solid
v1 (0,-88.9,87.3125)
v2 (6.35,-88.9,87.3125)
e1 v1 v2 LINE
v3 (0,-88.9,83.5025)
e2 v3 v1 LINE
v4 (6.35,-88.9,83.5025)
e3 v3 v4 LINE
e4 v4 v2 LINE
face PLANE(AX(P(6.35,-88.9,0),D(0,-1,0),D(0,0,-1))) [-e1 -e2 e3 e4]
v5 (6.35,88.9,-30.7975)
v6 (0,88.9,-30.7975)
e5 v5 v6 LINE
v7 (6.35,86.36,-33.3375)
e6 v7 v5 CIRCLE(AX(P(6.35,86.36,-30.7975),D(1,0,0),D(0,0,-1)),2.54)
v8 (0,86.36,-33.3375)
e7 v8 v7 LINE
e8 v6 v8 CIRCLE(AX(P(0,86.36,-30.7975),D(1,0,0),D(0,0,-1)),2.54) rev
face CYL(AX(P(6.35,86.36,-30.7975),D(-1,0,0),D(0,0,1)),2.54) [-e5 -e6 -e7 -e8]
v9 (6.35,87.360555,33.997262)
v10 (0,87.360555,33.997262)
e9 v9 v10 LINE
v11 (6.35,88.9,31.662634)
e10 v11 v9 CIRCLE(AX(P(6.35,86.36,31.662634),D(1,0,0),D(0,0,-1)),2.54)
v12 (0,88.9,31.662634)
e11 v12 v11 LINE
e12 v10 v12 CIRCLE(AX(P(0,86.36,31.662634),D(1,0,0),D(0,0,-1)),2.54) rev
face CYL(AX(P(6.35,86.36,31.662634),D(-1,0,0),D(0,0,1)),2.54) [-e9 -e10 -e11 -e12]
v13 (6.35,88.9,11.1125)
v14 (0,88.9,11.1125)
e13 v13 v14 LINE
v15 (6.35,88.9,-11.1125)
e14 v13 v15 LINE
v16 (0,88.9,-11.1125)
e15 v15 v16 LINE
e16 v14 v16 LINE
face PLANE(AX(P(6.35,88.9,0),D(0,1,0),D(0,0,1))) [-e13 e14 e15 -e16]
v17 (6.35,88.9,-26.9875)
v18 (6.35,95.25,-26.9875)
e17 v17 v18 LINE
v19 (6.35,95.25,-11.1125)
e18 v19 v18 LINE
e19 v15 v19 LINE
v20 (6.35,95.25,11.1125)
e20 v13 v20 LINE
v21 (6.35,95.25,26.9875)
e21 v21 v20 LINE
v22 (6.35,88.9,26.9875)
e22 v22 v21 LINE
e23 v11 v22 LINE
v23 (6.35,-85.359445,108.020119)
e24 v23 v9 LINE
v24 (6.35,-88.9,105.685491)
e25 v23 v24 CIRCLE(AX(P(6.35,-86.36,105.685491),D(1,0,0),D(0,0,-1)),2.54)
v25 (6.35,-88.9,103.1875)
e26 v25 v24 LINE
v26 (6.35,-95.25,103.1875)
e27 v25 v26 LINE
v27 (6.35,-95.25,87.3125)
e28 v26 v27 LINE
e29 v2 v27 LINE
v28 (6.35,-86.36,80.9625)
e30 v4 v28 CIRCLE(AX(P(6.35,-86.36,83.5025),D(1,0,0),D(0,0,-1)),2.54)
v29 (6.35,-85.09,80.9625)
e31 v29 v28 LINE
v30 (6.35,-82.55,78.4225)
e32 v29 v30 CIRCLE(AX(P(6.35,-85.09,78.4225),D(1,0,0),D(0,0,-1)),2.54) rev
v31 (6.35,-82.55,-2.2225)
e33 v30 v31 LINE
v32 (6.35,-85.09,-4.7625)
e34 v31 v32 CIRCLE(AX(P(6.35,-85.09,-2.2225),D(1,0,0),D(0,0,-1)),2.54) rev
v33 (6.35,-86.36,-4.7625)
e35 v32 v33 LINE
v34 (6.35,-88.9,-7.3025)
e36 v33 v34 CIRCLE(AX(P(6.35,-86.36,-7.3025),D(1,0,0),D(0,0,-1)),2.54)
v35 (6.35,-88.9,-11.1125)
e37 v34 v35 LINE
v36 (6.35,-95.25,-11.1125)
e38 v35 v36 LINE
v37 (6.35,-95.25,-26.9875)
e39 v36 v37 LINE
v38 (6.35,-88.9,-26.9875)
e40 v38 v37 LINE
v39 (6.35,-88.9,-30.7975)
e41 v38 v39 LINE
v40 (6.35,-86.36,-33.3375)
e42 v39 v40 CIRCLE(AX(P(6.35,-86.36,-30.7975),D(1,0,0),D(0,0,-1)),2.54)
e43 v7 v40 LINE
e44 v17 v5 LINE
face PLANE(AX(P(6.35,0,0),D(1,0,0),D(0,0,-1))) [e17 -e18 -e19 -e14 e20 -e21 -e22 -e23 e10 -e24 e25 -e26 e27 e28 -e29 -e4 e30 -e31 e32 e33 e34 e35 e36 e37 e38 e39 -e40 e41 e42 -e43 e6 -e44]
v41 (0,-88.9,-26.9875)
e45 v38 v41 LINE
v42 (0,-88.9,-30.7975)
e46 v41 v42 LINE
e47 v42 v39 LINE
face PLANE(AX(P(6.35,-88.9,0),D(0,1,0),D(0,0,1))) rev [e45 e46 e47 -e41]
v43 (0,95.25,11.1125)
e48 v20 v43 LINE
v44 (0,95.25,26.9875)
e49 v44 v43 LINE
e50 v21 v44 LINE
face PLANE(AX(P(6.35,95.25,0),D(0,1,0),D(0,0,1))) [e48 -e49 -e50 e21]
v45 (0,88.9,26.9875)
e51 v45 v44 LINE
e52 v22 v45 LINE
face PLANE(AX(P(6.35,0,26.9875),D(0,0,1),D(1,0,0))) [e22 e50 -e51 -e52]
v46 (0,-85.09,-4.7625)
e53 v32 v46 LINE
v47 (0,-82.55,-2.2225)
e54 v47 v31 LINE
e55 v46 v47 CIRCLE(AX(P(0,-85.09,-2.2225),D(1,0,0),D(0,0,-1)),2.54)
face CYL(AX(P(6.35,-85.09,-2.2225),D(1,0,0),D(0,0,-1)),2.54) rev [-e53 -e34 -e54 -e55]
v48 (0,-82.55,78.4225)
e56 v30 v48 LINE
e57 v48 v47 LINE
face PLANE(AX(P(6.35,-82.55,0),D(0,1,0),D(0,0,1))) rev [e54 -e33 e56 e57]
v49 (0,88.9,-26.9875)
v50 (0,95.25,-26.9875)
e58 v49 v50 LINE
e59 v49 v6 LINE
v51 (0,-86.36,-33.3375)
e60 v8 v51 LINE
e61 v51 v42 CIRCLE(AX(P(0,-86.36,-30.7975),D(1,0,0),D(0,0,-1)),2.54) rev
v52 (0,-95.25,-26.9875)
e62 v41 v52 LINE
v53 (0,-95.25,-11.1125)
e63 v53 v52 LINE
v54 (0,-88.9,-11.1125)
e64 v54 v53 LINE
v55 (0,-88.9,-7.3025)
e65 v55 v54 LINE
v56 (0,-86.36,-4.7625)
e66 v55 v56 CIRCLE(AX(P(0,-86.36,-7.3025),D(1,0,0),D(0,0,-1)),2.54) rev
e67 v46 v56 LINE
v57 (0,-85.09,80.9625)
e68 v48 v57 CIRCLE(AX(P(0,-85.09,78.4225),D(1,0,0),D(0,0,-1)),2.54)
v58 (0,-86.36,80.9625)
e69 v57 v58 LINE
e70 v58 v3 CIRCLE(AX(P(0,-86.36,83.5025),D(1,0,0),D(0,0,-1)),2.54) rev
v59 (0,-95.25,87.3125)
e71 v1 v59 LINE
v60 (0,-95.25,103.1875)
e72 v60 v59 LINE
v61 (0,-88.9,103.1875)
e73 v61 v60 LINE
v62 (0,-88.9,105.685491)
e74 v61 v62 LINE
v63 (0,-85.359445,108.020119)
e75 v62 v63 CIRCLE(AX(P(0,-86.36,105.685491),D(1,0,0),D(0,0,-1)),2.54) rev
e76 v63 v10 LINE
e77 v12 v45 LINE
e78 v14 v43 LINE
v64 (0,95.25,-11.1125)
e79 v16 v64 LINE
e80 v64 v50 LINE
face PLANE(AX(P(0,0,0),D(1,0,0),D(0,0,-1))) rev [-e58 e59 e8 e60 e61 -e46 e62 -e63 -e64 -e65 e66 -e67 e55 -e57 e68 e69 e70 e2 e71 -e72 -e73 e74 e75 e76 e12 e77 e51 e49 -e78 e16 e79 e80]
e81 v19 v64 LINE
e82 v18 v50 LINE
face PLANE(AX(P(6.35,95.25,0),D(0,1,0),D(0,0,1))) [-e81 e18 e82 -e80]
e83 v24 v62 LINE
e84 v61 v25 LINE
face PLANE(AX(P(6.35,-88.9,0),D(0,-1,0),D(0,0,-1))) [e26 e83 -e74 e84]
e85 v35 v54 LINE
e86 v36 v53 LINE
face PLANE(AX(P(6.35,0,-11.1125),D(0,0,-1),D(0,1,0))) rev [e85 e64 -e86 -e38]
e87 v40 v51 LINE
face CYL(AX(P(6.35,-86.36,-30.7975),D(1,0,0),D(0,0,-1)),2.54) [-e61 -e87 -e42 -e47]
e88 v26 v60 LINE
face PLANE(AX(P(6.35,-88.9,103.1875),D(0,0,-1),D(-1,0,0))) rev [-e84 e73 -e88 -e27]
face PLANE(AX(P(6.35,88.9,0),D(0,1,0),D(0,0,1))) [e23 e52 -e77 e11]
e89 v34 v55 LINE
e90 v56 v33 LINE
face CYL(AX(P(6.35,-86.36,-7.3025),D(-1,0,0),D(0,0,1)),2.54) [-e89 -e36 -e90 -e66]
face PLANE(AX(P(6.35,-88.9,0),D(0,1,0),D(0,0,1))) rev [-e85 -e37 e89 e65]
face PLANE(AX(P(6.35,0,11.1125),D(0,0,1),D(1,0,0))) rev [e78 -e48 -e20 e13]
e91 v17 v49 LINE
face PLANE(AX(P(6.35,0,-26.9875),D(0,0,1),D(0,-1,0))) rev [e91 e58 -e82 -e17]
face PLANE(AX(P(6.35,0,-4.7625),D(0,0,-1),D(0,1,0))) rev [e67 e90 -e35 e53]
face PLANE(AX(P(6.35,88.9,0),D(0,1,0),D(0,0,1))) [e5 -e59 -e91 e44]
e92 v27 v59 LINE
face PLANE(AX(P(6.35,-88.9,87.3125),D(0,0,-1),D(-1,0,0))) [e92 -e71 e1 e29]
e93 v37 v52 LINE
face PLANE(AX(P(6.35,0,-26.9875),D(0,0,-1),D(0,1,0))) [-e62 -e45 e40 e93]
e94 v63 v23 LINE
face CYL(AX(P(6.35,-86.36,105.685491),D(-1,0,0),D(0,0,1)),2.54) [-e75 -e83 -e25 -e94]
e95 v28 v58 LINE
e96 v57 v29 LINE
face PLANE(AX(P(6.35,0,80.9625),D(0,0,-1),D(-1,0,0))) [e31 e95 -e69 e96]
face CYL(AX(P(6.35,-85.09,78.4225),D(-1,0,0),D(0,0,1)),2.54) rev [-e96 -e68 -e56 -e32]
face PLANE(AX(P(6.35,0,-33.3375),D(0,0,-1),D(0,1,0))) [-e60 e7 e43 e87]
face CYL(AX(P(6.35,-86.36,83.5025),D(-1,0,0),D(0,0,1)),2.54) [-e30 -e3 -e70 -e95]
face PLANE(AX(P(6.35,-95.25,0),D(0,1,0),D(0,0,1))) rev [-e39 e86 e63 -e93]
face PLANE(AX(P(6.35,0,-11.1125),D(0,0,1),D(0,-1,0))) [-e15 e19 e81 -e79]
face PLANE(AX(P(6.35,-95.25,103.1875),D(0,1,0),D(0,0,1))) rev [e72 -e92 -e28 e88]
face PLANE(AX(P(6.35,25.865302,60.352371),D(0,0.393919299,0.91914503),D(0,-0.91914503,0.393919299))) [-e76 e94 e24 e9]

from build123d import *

# Parameters (mm, degrees)
SKETCH1_W           = 15.875
SKETCH1_H           = 6.35
BOSS_EXTRUDE1_DEPTH = 6.35
FILLET1_R           = 2.54


with BuildPart() as part:
    # Sketch1 → Boss-Extrude1 (new body)
    with BuildSketch(Plane(origin=(0, 0, 0), x_dir=(0, 0, -1), z_dir=(1, 0, 0))):
        Polygon((-26.9875, 88.9), (-33.3375, 88.9), (-109.5375, -88.9), (-103.1875, -88.9), (-87.3125, -88.9), (-80.9625, -88.9), (-80.9625, -82.55), (4.7625, -82.55), (4.7625, -88.9), (11.1125, -88.9), (26.9875, -88.9), (33.3375, -88.9), (33.3375, 88.9), (26.9875, 88.9), (11.1125, 88.9), (-11.1125, 88.9), align=None)
        with Locations((19.05, -92.075)):
            Rectangle(SKETCH1_W, SKETCH1_H)
        with Locations((-19.05, 92.075)):
            Rectangle(SKETCH1_W, SKETCH1_H)
        with Locations((19.05, 92.075)):
            Rectangle(SKETCH1_W, SKETCH1_H)
        with Locations((-95.25, -92.075)):
            Rectangle(SKETCH1_W, SKETCH1_H)
    extrude(amount=BOSS_EXTRUDE1_DEPTH)

    # Fillet1
    fillet1_edges = [part.edges().sort_by_distance(p)[0] for p in [
        (3.175, -82.55, 80.9625),
        (3.175, -88.9, 80.9625),
        (3.175, -88.9, 109.5375),
        (3.175, 88.9, 33.3375),
        (3.175, 88.9, -33.3375),
        (3.175, -88.9, -33.3375),
        (3.175, -88.9, -4.7625),
        (3.175, -82.55, -4.7625),
    ]]
    fillet(fillet1_edges, radius=FILLET1_R)


solid = part.part
